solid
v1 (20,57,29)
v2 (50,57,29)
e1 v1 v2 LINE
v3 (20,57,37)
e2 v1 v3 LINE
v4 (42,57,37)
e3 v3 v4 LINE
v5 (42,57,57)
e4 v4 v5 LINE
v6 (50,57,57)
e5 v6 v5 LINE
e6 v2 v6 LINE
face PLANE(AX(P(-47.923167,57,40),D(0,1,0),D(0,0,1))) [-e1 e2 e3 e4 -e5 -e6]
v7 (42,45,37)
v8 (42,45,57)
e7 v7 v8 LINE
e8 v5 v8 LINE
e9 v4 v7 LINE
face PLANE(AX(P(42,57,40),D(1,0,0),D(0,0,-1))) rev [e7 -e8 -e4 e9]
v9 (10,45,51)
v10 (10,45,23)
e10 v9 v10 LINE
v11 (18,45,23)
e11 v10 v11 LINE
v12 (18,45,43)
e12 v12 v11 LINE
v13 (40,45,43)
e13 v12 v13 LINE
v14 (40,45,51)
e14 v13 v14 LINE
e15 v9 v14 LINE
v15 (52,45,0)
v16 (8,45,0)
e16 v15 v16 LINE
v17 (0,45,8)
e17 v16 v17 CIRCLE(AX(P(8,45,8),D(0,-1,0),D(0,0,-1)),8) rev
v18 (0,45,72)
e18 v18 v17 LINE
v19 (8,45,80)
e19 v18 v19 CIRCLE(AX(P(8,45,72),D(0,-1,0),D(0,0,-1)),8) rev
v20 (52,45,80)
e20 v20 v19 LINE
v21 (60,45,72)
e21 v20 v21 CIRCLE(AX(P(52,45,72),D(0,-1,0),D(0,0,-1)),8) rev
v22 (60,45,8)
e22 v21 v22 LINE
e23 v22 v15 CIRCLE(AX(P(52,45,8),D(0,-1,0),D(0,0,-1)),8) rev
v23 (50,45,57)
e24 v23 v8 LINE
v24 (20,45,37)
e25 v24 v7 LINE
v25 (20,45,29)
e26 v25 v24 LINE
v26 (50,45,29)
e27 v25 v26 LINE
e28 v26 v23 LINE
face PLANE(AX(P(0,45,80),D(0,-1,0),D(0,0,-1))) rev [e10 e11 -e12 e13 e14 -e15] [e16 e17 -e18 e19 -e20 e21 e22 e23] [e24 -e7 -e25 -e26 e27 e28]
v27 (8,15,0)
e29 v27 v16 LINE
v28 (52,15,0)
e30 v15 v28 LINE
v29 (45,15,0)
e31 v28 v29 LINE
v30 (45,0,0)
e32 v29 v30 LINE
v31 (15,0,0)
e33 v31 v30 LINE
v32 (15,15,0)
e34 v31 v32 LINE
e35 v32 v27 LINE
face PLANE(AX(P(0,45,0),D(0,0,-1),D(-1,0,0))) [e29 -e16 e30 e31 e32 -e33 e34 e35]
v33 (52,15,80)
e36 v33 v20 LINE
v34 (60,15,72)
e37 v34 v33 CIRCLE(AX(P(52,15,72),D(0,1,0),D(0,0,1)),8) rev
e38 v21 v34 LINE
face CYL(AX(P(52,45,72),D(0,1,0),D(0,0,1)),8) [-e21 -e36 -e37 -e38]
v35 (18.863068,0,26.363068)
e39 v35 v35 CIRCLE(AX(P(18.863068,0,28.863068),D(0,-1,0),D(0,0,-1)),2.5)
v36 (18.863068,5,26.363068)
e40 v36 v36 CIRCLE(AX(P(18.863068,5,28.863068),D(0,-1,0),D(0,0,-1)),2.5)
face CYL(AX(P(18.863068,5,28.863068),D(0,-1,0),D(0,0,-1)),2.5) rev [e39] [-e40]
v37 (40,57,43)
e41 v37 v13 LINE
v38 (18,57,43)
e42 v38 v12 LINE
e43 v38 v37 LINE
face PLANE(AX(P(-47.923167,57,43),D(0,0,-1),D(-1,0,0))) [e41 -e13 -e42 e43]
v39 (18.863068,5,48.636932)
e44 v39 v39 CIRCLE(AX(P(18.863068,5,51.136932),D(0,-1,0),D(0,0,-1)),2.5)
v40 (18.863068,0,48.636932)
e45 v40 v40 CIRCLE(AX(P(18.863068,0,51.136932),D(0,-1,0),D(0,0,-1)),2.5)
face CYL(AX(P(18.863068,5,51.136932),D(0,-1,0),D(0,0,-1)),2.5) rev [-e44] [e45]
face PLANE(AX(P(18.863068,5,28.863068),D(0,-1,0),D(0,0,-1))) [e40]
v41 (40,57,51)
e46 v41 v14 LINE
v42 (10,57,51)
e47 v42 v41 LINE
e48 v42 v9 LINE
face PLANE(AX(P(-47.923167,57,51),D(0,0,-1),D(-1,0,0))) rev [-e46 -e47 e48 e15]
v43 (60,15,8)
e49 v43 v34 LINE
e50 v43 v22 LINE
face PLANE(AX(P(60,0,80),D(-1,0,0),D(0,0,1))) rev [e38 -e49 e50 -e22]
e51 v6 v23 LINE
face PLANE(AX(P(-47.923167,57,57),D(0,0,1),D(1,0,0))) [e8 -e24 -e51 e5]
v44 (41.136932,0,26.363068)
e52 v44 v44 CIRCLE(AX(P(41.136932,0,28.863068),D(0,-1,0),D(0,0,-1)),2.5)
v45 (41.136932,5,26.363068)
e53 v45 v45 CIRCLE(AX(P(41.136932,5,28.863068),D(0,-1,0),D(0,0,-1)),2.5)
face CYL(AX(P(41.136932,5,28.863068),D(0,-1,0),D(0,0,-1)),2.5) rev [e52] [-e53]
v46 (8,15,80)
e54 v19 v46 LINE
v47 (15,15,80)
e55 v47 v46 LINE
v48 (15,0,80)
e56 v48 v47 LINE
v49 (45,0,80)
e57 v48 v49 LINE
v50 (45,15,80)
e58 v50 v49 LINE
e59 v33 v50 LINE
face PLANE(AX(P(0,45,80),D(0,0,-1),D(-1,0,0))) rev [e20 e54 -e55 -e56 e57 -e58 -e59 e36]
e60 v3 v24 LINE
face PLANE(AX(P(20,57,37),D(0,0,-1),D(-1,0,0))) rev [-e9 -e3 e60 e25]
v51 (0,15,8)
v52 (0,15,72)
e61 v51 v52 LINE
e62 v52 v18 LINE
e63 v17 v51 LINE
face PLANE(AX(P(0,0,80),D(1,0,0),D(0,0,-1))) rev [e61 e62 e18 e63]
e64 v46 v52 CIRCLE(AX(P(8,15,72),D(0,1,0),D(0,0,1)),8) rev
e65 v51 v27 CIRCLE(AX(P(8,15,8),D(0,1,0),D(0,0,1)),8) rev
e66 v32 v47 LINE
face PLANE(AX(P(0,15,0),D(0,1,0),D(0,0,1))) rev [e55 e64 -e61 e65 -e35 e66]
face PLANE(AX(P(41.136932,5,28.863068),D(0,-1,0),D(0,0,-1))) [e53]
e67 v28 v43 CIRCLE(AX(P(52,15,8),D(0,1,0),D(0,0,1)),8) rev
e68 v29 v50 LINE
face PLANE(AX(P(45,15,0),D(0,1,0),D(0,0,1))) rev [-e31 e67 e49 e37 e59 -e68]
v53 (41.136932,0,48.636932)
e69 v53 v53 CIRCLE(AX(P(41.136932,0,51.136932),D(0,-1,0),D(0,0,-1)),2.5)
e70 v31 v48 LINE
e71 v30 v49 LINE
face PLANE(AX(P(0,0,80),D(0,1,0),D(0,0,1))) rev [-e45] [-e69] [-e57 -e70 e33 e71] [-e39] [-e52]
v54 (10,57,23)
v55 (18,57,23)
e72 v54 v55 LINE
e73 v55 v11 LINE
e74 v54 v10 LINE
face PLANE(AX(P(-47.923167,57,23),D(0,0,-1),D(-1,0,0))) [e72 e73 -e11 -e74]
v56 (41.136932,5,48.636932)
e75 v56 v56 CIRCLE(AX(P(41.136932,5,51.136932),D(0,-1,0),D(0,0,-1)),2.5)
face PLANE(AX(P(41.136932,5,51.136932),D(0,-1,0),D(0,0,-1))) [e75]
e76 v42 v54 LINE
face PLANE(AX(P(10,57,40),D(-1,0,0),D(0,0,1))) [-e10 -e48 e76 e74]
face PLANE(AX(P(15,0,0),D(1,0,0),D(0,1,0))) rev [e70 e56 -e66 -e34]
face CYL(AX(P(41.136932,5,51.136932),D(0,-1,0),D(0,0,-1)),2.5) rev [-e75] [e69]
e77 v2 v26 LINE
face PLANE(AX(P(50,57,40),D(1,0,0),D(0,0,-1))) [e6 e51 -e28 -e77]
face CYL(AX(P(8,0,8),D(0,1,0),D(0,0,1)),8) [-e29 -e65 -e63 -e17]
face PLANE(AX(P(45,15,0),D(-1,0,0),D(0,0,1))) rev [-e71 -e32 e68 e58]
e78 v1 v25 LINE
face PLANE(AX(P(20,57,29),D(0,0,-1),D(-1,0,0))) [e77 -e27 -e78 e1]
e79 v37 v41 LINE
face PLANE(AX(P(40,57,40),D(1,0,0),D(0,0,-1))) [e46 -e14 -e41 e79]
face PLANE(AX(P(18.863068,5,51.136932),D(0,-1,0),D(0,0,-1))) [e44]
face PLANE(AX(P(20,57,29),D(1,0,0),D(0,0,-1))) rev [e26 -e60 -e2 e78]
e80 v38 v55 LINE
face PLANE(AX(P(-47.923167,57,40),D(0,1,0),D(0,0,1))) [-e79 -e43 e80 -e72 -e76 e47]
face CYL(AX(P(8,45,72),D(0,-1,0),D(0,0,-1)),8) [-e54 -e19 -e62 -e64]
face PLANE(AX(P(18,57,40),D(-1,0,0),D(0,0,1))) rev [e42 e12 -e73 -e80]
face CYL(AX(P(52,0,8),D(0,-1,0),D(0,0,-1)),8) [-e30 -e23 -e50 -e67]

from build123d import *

# Parameters (mm, degrees)
SKETCH_1_W          = 60
SKETCH_1_H          = 45
EXTRUDE_1_DEPTH     = 80
FILLET_1_R          = 8
SKETCH_2_W          = 15
SKETCH_2_H          = 15
CUT_EXTRUDE_1_DEPTH = 110.658560997
SKETCH_3_R          = 2.5
CUT_EXTRUDE_2_DEPTH = 5
EXTRUDE_2_DEPTH     = 12


with BuildPart() as part:
    # ｽｹｯﾁ1 → 押し出し1 (new body)
    with BuildSketch(Plane.XY):
        with Locations((30, 22.5)):
            Rectangle(SKETCH_1_W, SKETCH_1_H)
    extrude(amount=EXTRUDE_1_DEPTH)

    # ﾌｨﾚｯﾄ1
    fillet_1_edges = [part.edges().sort_by_distance(p)[0] for p in [
        (60, 22.5, 80),
        (0, 22.5, 80),
        (60, 22.5, 0),
        (0, 22.5, 0),
    ]]
    fillet(fillet_1_edges, radius=FILLET_1_R)

    # ｽｹｯﾁ2 → ｶｯﾄ - 押し出し1 (cut, through all)
    with BuildSketch(Plane.XY.offset(80)):
        with Locations((52.5, 7.5)):
            Rectangle(SKETCH_2_W, SKETCH_2_H)
        with Locations((7.5, 7.5)):
            Rectangle(SKETCH_2_W, SKETCH_2_H)
    extrude(amount=-CUT_EXTRUDE_1_DEPTH, mode=Mode.SUBTRACT)

    # ｽｹｯﾁ3 → ｶｯﾄ - 押し出し2 (cut)
    with BuildSketch(Plane.XZ):
        with Locations(Location((41.136931804, 51.136931804, 0), (0, 0, 270))):
            Circle(SKETCH_3_R)
        with Locations(Location((41.136931804, 28.863068196, 0), (0, 0, 270))):
            Circle(SKETCH_3_R)
        with Locations(Location((18.863068196, 51.136931804, 0), (0, 0, 270))):
            Circle(SKETCH_3_R)
        with Locations(Location((18.863068196, 28.863068196, 0), (0, 0, 270))):
            Circle(SKETCH_3_R)
    extrude(amount=-CUT_EXTRUDE_2_DEPTH, mode=Mode.SUBTRACT)

    # ｽｹｯﾁ4 → 押し出し2 (add)
    with BuildSketch(Plane(origin=(0, 45, 0), x_dir=(-1, 0, 0), z_dir=(0, 1, 0))):
        Polygon((-50, 29), (-20, 29), (-20, 37), (-42, 37), (-42, 57), (-50, 57), align=None)
        Polygon((-10, 23), (-10, 51), (-40, 51), (-40, 43), (-18, 43), (-18, 23), align=None)
    extrude(amount=EXTRUDE_2_DEPTH)


solid = part.part
